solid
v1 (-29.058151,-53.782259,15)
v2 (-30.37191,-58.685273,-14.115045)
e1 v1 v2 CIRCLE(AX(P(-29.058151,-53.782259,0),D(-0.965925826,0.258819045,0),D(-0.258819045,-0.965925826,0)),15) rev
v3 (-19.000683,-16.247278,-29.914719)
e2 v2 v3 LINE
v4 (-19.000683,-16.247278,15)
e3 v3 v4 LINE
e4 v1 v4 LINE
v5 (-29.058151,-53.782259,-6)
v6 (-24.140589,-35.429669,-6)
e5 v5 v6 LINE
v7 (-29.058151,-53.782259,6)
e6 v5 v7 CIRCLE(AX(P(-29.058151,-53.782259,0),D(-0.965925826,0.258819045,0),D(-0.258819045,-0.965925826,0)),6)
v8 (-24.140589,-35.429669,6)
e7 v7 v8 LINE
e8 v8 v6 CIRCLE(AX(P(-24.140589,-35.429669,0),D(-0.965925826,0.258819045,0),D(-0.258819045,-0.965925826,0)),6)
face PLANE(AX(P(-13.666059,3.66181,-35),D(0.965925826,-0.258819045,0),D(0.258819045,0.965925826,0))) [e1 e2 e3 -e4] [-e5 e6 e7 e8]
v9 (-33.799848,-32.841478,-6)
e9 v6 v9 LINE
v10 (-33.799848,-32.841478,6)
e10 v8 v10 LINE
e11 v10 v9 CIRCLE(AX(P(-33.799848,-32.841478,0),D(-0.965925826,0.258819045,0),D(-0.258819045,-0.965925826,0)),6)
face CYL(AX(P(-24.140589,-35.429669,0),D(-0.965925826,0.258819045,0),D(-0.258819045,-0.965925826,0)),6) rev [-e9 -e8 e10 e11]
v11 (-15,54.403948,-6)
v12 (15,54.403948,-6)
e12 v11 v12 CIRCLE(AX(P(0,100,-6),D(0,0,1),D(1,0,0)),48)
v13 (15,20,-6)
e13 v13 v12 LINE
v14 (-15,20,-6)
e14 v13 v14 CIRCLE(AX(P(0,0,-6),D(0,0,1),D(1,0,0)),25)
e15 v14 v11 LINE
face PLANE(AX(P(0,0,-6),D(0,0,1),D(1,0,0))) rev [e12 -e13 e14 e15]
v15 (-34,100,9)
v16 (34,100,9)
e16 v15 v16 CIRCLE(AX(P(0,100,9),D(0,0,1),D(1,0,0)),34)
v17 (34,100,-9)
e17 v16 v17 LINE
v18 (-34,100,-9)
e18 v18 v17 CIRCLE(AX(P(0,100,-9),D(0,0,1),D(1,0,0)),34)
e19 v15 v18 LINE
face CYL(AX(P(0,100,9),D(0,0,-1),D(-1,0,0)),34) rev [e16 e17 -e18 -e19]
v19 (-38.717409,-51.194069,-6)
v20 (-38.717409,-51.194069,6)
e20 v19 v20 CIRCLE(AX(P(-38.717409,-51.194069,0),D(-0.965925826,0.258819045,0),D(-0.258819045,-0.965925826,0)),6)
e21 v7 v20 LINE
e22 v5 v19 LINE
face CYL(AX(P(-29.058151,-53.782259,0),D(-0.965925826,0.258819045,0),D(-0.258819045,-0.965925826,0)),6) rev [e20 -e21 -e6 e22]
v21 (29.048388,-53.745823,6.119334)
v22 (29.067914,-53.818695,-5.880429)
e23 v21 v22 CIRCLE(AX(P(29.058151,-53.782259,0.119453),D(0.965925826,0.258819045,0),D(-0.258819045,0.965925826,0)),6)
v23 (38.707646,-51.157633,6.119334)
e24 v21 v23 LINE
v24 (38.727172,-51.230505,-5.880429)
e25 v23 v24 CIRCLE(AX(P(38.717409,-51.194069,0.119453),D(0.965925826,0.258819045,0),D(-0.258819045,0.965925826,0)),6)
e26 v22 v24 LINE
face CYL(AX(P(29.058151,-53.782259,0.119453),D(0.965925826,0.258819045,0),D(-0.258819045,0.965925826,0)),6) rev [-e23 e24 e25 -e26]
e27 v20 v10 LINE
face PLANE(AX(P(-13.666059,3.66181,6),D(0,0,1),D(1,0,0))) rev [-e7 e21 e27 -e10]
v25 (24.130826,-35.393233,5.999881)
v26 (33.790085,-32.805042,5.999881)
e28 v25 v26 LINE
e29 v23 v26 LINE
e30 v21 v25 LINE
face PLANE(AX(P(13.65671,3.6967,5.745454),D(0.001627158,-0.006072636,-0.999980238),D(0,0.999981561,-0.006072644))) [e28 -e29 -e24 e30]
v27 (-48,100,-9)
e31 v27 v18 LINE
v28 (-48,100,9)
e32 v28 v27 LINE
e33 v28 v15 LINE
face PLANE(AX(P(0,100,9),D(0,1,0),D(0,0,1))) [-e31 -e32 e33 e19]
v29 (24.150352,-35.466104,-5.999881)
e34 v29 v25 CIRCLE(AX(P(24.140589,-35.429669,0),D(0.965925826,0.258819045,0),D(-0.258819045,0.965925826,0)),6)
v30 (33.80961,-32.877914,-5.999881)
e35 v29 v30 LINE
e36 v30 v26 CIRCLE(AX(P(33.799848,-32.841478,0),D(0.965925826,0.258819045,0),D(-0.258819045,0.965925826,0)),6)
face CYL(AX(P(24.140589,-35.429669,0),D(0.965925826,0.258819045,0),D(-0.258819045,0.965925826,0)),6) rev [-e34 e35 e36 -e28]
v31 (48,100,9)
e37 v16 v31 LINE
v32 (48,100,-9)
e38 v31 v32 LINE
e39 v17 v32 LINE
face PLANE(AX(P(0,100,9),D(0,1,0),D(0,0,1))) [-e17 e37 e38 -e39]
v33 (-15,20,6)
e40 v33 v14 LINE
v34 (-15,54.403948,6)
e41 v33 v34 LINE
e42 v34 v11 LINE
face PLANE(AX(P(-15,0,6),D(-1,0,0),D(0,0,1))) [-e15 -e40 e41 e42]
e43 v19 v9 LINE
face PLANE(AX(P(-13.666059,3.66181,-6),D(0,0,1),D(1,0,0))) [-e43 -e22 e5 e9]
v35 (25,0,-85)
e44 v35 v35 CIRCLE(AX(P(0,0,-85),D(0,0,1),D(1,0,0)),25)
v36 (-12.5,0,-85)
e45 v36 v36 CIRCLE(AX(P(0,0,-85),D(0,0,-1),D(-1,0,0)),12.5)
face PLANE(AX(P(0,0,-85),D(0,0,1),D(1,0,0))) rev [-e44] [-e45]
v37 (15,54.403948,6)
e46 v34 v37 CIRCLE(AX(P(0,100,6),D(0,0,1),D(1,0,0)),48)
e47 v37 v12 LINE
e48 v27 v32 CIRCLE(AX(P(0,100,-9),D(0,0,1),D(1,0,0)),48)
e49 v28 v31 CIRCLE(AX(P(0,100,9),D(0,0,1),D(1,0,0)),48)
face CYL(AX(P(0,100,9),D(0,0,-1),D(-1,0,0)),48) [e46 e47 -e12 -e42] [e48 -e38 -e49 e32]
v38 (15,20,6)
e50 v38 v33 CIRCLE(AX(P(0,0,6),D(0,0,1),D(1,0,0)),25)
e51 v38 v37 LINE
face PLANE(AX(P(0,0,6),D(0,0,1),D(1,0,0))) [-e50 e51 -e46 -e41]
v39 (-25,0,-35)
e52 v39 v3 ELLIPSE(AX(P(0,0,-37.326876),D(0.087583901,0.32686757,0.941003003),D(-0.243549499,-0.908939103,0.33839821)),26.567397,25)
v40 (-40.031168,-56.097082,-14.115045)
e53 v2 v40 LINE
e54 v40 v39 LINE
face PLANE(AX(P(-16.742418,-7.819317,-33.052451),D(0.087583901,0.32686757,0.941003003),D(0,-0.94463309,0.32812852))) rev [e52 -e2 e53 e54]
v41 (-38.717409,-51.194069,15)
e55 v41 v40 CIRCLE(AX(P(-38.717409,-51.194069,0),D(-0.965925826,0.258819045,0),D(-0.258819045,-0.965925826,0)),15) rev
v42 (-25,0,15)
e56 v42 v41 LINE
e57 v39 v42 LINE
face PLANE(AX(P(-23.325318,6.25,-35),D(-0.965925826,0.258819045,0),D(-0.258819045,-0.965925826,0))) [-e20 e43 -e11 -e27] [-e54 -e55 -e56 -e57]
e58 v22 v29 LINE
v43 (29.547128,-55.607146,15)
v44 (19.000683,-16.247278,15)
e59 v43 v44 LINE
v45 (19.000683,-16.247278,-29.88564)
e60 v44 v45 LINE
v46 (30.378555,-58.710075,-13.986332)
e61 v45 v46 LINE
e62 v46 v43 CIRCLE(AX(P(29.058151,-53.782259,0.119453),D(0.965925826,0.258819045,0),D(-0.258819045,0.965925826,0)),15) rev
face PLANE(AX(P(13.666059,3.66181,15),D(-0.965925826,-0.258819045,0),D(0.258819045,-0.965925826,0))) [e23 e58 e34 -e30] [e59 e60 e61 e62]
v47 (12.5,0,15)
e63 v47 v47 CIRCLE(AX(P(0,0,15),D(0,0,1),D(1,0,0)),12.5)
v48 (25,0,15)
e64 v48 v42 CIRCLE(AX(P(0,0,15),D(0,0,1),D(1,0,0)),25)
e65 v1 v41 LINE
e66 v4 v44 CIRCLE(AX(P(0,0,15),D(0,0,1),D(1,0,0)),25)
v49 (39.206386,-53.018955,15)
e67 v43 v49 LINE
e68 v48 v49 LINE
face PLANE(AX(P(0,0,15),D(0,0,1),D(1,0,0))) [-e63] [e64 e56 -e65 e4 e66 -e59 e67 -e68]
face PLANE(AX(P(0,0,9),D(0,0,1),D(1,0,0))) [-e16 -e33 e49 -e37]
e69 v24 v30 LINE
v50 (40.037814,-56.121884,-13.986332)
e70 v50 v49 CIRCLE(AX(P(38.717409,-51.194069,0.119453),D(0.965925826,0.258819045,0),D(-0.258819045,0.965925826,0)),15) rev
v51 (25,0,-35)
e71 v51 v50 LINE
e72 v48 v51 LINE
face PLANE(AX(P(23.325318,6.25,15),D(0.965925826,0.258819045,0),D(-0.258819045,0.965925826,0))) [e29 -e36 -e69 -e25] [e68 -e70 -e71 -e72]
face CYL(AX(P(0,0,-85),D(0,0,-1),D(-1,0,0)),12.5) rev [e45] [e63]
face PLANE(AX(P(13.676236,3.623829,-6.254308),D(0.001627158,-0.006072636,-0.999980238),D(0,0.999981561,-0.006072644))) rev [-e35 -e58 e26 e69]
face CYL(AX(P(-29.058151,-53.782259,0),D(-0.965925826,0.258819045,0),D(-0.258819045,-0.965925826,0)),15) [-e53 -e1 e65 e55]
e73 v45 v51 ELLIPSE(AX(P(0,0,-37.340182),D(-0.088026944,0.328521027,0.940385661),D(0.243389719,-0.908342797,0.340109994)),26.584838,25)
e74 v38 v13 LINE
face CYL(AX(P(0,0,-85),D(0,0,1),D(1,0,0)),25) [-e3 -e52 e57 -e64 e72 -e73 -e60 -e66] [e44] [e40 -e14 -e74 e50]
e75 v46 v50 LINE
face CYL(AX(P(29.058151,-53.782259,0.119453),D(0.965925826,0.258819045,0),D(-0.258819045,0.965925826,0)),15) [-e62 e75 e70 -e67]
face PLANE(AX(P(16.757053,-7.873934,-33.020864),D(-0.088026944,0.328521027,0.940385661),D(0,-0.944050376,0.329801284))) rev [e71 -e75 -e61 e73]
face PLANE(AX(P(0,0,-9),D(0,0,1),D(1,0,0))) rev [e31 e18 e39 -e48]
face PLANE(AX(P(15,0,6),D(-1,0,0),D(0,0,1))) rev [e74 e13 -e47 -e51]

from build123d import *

# Parameters (mm, degrees)
BOSS_EXTRUDE1_DEPTH        = 9
BOSS_EXTRUDE2_DEPTH        = 6
BOSS_EXTRUDE3_DEPTH        = 15
BOSS_EXTRUDE3_DEPTH_BACK   = 85
BOSS_EXTRUDE4_DEPTH        = 15
BOSS_EXTRUDE4_DEPTH_BACK   = 35
CUT_EXTRUDE1_DEPTH         = 10
CUT_EXTRUDE2_DEPTH         = 10
BOSS_EXTRUDE6_DEPTH        = 15
BOSS_EXTRUDE6_DEPTH_BACK   = 85
SKETCH1_6_R                = 25
F_25_0_25_DIAMETER_HOLE1_D = 25


with BuildPart() as part:
    # Sketch1 → Boss-Extrude1 (new, symmetric)
    with BuildSketch(Plane.XY):
        with BuildLine():
            Line((-48, 100), (-34, 100))
            ThreePointArc((-34, 100), (0, 66), (34, 100))
            Line((34, 100), (48, 100))
            ThreePointArc((48, 100), (0, 52), (-48, 100))
        make_face()
    extrude(amount=BOSS_EXTRUDE1_DEPTH, both=True)

    # Sketch1<3> → Boss-Extrude2 (add, symmetric)
    with BuildSketch(Plane.XY):
        with BuildLine():
            ThreePointArc((15, 54.403947539), (0, 52), (-15, 54.403947539))
            Line((-15, 54.403947539), (-15, 20))
            ThreePointArc((-15, 20), (0, 25), (15, 20))
            Line((15, 20), (15, 54.403947539))
        make_face()
    extrude(amount=BOSS_EXTRUDE2_DEPTH, both=True)

    # Sketch1<4> → Boss-Extrude3 (add, two sides: drawn at the far end of the back side and taken through both)
    with BuildSketch(Plane.XY.offset(-BOSS_EXTRUDE3_DEPTH_BACK)):
        with BuildLine():
            Line((-15.340741737, -2.588190451), (-25, 0))
            ThreePointArc((-25, 0), (-23.452260867, -8.659760979), (-19.000683183, -16.247277882))
            Line((-19.000683183, -16.247277882), (-15.340741737, -2.588190451))
        make_face()
        with BuildLine():
            ThreePointArc((19.000683183, -16.247277882), (23.452260867, -8.659760979), (25, 0))
            Line((25, 0), (15.340741737, -2.588190451))
            Line((15.340741737, -2.588190451), (19.000683183, -16.247277882))
        make_face()
        with BuildLine():
            ThreePointArc((15, 20), (0, 25), (-15, 20))
            ThreePointArc((-15, 20), (-22.360679775, 11.180339887), (-25, 0))
            Line((-25, 0), (-15.340741737, -2.588190451))
            Line((-15.340741737, -2.588190451), (-19.000683183, -16.247277882))
            ThreePointArc((-19.000683183, -16.247277882), (0, -25), (19.000683183, -16.247277882))
            Line((19.000683183, -16.247277882), (15.340741737, -2.588190451))
            Line((15.340741737, -2.588190451), (25, 0))
            ThreePointArc((25, 0), (22.360679775, 11.180339887), (15, 20))
        make_face()
    extrude(amount=BOSS_EXTRUDE3_DEPTH + BOSS_EXTRUDE3_DEPTH_BACK)

    # Sketch1<5> → Boss-Extrude4 (add, two sides: drawn at the far end of the back side and taken through both)
    with BuildSketch(Plane.XY.offset(-BOSS_EXTRUDE4_DEPTH_BACK)):
        with BuildLine():
            ThreePointArc((-19.000683183, -16.247277882), (-23.452260867, -8.659760979), (-25, 0))
            Line((-25, 0), (-42.599695067, -65.682956188))
            Line((-42.599695067, -65.682956188), (-32.940436804, -68.271146639))
            Line((-32.940436804, -68.271146639), (-19.000683183, -16.247277882))
        make_face()
        with BuildLine():
            Line((42.599695067, -65.682956188), (25, 0))
            ThreePointArc((25, 0), (23.452260867, -8.659760979), (19.000683183, -16.247277882))
            Line((19.000683183, -16.247277882), (32.940436804, -68.271146639))
            Line((32.940436804, -68.271146639), (42.599695067, -65.682956188))
        make_face()
    extrude(amount=BOSS_EXTRUDE4_DEPTH + BOSS_EXTRUDE4_DEPTH_BACK)

    # Sketch3 → Cut-Extrude1 (cut)
    with BuildSketch(Plane(origin=(-23.325317547, 6.25, 0), x_dir=(0, 0, 1), z_dir=(-0.9659258262890681, 0.2588190451025213, 0))):
        with BuildLine():
            Line((-14.115045046, -64.546449271), (-35, -6.470476128))
            Line((-35, -6.470476128), (-35, -74.470476128))
            Line((-35, -74.470476128), (1.18e-07, -74.470476128))
            ThreePointArc((1.18e-07, -74.470476128), (-8.627293932, -71.741164756), (-14.115045046, -64.546449271))
        make_face()
        with BuildLine():
            Line((15, -74.470476128), (15, -59.470476128))
            ThreePointArc((15, -59.470476128), (10.60660176, -70.077077804), (1.18e-07, -74.470476128))
            Line((1.18e-07, -74.470476128), (15, -74.470476128))
        make_face()
        with BuildLine():
            Line((-6, -40.470476128), (-6, -59.470476128))
            ThreePointArc((-6, -59.470476128), (0, -65.470476128), (6, -59.470476128))
            Line((6, -59.470476128), (6, -40.470476128))
            ThreePointArc((6, -40.470476128), (0, -34.470476128), (-6, -40.470476128))
        make_face()
    extrude(amount=-CUT_EXTRUDE1_DEPTH, mode=Mode.SUBTRACT)

    # Sketch4 → Cut-Extrude2 (cut)
    with BuildSketch(Plane(origin=(23.325317547, 6.25, 0), x_dir=(0, 0, -1), z_dir=(0.9659258262890681, 0.2588190451025213, 0))):
        with BuildLine():
            Line((35, -74.470476128), (35, -6.470476128))
            Line((35, -6.470476128), (13.986332308, -64.572126035))
            ThreePointArc((13.986332308, -64.572126035), (8.496673309, -71.749009188), (-0.119452585, -74.470476128))
            Line((-0.119452585, -74.470476128), (35, -74.470476128))
        make_face()
        with BuildLine():
            ThreePointArc((-0.119452585, -74.470476128), (-10.03562817, -70.725229004), (-15, -61.359737742))
            Line((-15, -61.359737742), (-15, -74.470476128))
            Line((-15, -74.470476128), (-0.119452585, -74.470476128))
        make_face()
        with BuildLine():
            Line((-5.999881425, -40.432754995), (-6.119334038, -59.432754995))
            ThreePointArc((-6.119334038, -59.432754995), (-0.157173745, -65.470357553), (5.880428813, -59.50819726))
            Line((5.880428813, -59.50819726), (5.999881425, -40.50819726))
            ThreePointArc((5.999881425, -40.50819726), (0.037721132, -34.470594702), (-5.999881425, -40.432754995))
        make_face()
    extrude(amount=-CUT_EXTRUDE2_DEPTH, mode=Mode.SUBTRACT)

    # Sketch1<6> → Boss-Extrude6 (add, two sides: drawn at the far end of the back side and taken through both)
    with BuildSketch(Plane.XY.offset(-BOSS_EXTRUDE6_DEPTH_BACK)):
        Circle(SKETCH1_6_R)
    extrude(amount=BOSS_EXTRUDE6_DEPTH + BOSS_EXTRUDE6_DEPTH_BACK)

    # Ø25.0 (25) Diameter Hole1 (through all)
    with Locations(Plane(origin=(0, 0, -85), x_dir=(-1, 0, 0), z_dir=(0, 0, -1))):
        with Locations((0, 0)):
            Hole(F_25_0_25_DIAMETER_HOLE1_D / 2)


solid = part.part
